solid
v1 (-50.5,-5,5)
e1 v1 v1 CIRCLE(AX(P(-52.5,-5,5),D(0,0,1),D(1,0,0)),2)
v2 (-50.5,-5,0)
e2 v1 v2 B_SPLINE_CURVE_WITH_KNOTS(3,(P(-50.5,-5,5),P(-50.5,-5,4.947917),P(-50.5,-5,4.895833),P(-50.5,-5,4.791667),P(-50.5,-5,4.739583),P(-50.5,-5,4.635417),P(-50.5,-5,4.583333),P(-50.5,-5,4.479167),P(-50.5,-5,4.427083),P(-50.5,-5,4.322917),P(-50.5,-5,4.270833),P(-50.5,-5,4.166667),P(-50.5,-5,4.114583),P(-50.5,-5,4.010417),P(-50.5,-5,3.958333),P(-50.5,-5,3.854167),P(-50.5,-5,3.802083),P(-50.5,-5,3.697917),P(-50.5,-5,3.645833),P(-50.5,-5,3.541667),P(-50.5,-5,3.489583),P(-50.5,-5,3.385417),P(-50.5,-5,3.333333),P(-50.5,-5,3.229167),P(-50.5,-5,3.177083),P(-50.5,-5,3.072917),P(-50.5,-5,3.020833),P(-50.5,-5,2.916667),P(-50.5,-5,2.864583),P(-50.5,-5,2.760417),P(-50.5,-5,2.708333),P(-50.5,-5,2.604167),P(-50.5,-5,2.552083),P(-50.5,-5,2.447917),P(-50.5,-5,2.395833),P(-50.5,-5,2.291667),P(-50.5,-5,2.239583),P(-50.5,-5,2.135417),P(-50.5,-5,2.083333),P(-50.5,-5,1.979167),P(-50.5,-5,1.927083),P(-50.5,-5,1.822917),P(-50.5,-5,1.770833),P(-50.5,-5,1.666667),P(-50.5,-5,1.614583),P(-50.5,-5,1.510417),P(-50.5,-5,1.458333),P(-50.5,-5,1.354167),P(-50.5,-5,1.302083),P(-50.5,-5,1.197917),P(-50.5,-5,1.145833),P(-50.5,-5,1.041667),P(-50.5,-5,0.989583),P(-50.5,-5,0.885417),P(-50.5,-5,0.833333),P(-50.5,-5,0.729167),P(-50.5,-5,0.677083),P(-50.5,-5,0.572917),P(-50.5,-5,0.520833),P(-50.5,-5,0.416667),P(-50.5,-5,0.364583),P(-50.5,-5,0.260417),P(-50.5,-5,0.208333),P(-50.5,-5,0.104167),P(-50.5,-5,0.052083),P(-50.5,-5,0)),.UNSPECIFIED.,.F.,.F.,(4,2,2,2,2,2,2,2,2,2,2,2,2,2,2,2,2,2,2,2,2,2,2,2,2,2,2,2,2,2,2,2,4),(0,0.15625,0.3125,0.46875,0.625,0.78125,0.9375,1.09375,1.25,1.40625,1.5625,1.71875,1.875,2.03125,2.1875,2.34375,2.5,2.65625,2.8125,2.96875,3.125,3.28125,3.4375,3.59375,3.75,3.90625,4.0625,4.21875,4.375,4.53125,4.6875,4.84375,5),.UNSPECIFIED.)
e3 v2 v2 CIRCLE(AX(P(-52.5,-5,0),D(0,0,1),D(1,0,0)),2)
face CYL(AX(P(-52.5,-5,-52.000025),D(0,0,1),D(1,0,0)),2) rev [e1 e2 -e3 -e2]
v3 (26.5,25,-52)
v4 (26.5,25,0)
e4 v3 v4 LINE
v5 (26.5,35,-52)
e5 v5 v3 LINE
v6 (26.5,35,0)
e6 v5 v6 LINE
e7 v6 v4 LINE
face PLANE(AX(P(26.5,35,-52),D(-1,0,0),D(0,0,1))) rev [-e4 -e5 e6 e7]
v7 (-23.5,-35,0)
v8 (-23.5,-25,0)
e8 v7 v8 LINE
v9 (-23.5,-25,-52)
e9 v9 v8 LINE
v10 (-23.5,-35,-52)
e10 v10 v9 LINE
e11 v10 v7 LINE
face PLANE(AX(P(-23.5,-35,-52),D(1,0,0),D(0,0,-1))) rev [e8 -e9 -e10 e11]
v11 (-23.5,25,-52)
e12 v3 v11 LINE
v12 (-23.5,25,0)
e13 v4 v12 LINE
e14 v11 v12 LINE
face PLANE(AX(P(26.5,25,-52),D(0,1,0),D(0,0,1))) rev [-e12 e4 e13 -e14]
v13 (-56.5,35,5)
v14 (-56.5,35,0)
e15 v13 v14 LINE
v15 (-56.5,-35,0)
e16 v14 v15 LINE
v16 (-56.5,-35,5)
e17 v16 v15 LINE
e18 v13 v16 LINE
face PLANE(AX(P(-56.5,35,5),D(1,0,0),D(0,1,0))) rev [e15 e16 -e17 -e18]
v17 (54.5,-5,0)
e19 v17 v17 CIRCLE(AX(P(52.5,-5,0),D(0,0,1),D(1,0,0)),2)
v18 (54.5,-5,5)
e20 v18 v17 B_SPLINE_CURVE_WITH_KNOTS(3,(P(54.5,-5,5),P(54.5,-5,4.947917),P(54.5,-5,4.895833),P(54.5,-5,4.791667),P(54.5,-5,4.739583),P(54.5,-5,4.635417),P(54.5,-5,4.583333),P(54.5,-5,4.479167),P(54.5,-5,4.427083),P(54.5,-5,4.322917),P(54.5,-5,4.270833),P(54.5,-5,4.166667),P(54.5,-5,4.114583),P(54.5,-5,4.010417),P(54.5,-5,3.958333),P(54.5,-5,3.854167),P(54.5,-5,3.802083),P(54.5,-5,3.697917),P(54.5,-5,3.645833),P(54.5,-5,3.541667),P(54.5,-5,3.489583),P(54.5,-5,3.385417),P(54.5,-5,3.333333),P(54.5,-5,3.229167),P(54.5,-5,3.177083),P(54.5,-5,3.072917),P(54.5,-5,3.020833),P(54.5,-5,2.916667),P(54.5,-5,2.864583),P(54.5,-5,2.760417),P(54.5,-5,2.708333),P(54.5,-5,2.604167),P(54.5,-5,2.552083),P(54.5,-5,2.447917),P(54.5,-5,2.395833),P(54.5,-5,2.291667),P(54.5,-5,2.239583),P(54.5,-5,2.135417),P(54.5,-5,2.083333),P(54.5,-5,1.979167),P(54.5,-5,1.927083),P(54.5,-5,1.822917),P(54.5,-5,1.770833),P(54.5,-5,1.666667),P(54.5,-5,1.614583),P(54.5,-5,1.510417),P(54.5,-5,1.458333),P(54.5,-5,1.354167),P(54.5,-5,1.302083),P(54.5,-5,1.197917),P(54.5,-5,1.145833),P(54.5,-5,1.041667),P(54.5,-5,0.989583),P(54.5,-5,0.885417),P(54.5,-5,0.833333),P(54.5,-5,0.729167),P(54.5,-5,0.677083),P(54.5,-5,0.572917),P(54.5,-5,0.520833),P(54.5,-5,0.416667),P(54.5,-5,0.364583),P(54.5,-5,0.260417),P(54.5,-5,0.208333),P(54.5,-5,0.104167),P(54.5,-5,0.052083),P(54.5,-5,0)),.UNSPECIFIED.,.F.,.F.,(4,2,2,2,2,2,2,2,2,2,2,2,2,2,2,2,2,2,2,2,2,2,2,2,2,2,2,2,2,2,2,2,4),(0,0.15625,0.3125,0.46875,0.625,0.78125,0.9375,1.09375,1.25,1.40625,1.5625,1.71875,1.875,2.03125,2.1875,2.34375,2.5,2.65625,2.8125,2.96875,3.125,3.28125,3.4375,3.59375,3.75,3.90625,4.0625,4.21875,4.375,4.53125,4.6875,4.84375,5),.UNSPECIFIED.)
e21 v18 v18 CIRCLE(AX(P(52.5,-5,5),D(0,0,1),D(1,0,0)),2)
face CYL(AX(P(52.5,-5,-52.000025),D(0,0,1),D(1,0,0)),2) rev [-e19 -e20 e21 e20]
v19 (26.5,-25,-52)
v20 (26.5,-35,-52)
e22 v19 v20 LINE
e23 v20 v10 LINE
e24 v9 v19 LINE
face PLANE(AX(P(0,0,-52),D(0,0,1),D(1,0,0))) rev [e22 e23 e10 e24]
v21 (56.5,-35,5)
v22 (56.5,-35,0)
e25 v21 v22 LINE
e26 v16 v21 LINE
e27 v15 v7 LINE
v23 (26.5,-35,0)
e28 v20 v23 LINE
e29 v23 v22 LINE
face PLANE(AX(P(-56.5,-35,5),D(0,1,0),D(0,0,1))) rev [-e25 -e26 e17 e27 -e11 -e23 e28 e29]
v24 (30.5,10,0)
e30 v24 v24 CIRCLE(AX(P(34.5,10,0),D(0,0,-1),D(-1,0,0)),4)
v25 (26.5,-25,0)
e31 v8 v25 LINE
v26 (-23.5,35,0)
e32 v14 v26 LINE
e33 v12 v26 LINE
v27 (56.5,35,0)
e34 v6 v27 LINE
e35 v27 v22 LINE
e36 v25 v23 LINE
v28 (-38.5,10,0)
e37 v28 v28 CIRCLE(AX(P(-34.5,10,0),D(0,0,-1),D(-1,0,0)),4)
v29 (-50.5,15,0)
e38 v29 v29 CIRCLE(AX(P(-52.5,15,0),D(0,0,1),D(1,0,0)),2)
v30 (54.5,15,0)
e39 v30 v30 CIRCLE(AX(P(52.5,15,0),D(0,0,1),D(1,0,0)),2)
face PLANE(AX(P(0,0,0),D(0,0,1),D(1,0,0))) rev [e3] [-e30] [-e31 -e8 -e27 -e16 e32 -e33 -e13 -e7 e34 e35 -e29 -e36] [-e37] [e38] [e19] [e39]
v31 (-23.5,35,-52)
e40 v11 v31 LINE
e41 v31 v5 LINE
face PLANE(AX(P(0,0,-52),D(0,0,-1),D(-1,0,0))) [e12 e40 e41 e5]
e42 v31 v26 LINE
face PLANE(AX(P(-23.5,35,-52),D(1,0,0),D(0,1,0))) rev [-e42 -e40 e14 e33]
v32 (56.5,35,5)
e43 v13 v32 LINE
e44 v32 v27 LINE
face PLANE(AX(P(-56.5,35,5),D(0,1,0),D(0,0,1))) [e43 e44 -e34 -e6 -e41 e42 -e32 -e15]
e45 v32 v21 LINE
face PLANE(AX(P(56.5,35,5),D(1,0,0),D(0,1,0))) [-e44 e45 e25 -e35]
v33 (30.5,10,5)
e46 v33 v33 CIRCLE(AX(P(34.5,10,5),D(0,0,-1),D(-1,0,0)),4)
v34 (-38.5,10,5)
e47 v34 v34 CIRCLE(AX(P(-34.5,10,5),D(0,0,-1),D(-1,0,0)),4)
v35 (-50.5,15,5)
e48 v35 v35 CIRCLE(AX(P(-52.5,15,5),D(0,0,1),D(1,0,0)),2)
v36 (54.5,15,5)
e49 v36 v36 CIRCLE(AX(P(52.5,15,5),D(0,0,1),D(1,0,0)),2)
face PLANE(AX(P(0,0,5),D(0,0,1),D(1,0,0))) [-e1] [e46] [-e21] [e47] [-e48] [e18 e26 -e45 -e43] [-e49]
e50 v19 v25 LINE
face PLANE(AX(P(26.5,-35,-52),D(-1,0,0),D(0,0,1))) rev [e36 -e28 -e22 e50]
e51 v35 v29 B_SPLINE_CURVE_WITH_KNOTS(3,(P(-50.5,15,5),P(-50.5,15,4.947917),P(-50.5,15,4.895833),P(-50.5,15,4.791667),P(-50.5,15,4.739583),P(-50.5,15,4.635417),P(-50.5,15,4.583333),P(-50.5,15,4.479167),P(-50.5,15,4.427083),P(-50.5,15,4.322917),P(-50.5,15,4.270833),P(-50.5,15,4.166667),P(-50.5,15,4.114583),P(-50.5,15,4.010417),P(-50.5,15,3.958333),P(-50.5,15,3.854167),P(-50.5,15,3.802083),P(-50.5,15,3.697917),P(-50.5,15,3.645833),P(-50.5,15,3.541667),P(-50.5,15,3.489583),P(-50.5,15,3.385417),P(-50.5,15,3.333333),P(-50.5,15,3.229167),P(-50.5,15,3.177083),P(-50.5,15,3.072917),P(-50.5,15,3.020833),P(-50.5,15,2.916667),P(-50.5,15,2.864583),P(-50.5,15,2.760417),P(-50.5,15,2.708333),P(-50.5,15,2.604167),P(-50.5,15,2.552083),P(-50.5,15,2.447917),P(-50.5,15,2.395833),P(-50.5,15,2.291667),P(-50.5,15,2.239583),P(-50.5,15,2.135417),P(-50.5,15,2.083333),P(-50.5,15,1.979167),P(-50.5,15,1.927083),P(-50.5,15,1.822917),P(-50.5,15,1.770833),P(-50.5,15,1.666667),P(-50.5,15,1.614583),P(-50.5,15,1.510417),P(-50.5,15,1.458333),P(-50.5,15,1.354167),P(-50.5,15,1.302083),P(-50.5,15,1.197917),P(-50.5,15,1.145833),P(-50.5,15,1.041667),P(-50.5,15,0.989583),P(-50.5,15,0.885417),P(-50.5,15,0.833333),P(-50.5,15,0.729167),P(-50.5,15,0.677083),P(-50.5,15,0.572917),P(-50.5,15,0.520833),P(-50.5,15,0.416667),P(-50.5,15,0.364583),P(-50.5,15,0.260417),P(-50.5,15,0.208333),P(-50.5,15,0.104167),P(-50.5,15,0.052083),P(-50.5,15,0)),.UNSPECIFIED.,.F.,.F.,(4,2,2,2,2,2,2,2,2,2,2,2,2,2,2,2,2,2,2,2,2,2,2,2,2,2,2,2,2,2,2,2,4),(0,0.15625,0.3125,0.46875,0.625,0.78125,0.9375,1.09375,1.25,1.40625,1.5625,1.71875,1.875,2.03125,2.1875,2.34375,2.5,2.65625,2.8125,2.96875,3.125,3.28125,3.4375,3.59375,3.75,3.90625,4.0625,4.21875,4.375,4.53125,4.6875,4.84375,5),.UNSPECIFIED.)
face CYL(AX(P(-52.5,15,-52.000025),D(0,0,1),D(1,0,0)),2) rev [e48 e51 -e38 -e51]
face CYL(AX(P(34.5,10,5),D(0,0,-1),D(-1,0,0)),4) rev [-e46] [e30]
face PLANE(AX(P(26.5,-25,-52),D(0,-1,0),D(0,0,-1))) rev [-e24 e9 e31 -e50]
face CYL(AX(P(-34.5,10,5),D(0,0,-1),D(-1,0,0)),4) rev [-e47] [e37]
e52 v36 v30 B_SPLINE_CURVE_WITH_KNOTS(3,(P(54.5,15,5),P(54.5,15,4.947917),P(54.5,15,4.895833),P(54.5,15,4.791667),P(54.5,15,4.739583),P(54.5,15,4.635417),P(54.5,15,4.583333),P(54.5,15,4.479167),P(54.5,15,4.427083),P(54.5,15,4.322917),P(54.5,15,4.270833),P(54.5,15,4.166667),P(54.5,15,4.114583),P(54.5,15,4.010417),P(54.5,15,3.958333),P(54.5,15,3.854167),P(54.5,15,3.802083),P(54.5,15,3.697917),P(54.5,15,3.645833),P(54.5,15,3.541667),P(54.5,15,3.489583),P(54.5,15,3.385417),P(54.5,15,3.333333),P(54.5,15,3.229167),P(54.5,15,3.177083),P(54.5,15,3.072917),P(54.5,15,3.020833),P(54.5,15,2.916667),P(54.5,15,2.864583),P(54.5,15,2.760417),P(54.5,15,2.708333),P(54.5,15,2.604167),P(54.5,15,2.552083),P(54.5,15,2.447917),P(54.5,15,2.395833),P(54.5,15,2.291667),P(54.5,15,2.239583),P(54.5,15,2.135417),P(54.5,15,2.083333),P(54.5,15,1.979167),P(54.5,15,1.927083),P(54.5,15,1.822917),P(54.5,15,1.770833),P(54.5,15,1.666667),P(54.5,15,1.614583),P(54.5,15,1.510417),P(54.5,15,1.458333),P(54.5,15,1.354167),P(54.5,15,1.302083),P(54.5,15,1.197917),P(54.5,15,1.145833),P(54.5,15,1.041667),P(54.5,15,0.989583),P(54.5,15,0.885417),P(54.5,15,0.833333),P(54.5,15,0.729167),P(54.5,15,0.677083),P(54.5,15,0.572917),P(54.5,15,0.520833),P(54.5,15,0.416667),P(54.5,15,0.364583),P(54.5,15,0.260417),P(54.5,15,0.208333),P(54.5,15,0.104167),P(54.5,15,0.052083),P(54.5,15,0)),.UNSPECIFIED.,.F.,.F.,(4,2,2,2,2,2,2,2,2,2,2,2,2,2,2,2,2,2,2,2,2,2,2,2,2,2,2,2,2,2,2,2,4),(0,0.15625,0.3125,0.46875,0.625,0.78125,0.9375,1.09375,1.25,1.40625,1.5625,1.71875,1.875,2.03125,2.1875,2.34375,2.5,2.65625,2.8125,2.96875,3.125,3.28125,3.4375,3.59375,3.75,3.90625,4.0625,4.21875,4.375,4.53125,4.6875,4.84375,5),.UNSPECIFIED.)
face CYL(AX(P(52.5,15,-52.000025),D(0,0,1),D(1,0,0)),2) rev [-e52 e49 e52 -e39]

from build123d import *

# Parameters (mm, degrees)
SKETCH_1_W          = 113
SKETCH_1_H          = 70
EXTRUDE_1_DEPTH     = 5
SKETCH_2_W          = 50
SKETCH_2_H          = 10
EXTRUDE_2_DEPTH     = 52
SKETCH_3_R          = 4
CUT_EXTRUDE_1_DEPTH = 85.387499074
SKETCH_5_R          = 2
CUT_EXTRUDE_2_DEPTH = 88.55712421


with BuildPart() as part:
    # 草图1 → 凸台-拉伸1 (new body)
    with BuildSketch(Plane.XY):
        Rectangle(SKETCH_1_W, SKETCH_1_H)
    extrude(amount=EXTRUDE_1_DEPTH)

    # 草图2 → 凸台-拉伸2 (add)
    with BuildSketch(Plane(origin=(0, 0, 0), x_dir=(-1, 0, 0), z_dir=(0, 0, -1))):
        with Locations((-1.5, -30)):
            Rectangle(SKETCH_2_W, SKETCH_2_H)
        with Locations((-1.5, 30)):
            Rectangle(SKETCH_2_W, SKETCH_2_H)
    extrude(amount=EXTRUDE_2_DEPTH)

    # 草图3 → 切除-拉伸1 (cut, through all)
    with BuildSketch(Plane(origin=(0, 0, 0), x_dir=(-1, 0, 0), z_dir=(0, 0, -1))):
        with Locations((-34.5, 10)):
            Circle(SKETCH_3_R)
        with Locations((34.5, 10)):
            Circle(SKETCH_3_R)
    extrude(amount=-CUT_EXTRUDE_1_DEPTH, mode=Mode.SUBTRACT)

    # 草图5 → 切除-拉伸2 (cut, through all)
    with BuildSketch(Plane.XY.offset(5)):
        with Locations((-52.5, 15)):
            Circle(SKETCH_5_R)
        with Locations((52.5, 15)):
            Circle(SKETCH_5_R)
        with Locations((52.5, -5)):
            Circle(SKETCH_5_R)
        with Locations((-52.5, -5)):
            Circle(SKETCH_5_R)
    extrude(amount=-CUT_EXTRUDE_2_DEPTH, mode=Mode.SUBTRACT)


solid = part.part
